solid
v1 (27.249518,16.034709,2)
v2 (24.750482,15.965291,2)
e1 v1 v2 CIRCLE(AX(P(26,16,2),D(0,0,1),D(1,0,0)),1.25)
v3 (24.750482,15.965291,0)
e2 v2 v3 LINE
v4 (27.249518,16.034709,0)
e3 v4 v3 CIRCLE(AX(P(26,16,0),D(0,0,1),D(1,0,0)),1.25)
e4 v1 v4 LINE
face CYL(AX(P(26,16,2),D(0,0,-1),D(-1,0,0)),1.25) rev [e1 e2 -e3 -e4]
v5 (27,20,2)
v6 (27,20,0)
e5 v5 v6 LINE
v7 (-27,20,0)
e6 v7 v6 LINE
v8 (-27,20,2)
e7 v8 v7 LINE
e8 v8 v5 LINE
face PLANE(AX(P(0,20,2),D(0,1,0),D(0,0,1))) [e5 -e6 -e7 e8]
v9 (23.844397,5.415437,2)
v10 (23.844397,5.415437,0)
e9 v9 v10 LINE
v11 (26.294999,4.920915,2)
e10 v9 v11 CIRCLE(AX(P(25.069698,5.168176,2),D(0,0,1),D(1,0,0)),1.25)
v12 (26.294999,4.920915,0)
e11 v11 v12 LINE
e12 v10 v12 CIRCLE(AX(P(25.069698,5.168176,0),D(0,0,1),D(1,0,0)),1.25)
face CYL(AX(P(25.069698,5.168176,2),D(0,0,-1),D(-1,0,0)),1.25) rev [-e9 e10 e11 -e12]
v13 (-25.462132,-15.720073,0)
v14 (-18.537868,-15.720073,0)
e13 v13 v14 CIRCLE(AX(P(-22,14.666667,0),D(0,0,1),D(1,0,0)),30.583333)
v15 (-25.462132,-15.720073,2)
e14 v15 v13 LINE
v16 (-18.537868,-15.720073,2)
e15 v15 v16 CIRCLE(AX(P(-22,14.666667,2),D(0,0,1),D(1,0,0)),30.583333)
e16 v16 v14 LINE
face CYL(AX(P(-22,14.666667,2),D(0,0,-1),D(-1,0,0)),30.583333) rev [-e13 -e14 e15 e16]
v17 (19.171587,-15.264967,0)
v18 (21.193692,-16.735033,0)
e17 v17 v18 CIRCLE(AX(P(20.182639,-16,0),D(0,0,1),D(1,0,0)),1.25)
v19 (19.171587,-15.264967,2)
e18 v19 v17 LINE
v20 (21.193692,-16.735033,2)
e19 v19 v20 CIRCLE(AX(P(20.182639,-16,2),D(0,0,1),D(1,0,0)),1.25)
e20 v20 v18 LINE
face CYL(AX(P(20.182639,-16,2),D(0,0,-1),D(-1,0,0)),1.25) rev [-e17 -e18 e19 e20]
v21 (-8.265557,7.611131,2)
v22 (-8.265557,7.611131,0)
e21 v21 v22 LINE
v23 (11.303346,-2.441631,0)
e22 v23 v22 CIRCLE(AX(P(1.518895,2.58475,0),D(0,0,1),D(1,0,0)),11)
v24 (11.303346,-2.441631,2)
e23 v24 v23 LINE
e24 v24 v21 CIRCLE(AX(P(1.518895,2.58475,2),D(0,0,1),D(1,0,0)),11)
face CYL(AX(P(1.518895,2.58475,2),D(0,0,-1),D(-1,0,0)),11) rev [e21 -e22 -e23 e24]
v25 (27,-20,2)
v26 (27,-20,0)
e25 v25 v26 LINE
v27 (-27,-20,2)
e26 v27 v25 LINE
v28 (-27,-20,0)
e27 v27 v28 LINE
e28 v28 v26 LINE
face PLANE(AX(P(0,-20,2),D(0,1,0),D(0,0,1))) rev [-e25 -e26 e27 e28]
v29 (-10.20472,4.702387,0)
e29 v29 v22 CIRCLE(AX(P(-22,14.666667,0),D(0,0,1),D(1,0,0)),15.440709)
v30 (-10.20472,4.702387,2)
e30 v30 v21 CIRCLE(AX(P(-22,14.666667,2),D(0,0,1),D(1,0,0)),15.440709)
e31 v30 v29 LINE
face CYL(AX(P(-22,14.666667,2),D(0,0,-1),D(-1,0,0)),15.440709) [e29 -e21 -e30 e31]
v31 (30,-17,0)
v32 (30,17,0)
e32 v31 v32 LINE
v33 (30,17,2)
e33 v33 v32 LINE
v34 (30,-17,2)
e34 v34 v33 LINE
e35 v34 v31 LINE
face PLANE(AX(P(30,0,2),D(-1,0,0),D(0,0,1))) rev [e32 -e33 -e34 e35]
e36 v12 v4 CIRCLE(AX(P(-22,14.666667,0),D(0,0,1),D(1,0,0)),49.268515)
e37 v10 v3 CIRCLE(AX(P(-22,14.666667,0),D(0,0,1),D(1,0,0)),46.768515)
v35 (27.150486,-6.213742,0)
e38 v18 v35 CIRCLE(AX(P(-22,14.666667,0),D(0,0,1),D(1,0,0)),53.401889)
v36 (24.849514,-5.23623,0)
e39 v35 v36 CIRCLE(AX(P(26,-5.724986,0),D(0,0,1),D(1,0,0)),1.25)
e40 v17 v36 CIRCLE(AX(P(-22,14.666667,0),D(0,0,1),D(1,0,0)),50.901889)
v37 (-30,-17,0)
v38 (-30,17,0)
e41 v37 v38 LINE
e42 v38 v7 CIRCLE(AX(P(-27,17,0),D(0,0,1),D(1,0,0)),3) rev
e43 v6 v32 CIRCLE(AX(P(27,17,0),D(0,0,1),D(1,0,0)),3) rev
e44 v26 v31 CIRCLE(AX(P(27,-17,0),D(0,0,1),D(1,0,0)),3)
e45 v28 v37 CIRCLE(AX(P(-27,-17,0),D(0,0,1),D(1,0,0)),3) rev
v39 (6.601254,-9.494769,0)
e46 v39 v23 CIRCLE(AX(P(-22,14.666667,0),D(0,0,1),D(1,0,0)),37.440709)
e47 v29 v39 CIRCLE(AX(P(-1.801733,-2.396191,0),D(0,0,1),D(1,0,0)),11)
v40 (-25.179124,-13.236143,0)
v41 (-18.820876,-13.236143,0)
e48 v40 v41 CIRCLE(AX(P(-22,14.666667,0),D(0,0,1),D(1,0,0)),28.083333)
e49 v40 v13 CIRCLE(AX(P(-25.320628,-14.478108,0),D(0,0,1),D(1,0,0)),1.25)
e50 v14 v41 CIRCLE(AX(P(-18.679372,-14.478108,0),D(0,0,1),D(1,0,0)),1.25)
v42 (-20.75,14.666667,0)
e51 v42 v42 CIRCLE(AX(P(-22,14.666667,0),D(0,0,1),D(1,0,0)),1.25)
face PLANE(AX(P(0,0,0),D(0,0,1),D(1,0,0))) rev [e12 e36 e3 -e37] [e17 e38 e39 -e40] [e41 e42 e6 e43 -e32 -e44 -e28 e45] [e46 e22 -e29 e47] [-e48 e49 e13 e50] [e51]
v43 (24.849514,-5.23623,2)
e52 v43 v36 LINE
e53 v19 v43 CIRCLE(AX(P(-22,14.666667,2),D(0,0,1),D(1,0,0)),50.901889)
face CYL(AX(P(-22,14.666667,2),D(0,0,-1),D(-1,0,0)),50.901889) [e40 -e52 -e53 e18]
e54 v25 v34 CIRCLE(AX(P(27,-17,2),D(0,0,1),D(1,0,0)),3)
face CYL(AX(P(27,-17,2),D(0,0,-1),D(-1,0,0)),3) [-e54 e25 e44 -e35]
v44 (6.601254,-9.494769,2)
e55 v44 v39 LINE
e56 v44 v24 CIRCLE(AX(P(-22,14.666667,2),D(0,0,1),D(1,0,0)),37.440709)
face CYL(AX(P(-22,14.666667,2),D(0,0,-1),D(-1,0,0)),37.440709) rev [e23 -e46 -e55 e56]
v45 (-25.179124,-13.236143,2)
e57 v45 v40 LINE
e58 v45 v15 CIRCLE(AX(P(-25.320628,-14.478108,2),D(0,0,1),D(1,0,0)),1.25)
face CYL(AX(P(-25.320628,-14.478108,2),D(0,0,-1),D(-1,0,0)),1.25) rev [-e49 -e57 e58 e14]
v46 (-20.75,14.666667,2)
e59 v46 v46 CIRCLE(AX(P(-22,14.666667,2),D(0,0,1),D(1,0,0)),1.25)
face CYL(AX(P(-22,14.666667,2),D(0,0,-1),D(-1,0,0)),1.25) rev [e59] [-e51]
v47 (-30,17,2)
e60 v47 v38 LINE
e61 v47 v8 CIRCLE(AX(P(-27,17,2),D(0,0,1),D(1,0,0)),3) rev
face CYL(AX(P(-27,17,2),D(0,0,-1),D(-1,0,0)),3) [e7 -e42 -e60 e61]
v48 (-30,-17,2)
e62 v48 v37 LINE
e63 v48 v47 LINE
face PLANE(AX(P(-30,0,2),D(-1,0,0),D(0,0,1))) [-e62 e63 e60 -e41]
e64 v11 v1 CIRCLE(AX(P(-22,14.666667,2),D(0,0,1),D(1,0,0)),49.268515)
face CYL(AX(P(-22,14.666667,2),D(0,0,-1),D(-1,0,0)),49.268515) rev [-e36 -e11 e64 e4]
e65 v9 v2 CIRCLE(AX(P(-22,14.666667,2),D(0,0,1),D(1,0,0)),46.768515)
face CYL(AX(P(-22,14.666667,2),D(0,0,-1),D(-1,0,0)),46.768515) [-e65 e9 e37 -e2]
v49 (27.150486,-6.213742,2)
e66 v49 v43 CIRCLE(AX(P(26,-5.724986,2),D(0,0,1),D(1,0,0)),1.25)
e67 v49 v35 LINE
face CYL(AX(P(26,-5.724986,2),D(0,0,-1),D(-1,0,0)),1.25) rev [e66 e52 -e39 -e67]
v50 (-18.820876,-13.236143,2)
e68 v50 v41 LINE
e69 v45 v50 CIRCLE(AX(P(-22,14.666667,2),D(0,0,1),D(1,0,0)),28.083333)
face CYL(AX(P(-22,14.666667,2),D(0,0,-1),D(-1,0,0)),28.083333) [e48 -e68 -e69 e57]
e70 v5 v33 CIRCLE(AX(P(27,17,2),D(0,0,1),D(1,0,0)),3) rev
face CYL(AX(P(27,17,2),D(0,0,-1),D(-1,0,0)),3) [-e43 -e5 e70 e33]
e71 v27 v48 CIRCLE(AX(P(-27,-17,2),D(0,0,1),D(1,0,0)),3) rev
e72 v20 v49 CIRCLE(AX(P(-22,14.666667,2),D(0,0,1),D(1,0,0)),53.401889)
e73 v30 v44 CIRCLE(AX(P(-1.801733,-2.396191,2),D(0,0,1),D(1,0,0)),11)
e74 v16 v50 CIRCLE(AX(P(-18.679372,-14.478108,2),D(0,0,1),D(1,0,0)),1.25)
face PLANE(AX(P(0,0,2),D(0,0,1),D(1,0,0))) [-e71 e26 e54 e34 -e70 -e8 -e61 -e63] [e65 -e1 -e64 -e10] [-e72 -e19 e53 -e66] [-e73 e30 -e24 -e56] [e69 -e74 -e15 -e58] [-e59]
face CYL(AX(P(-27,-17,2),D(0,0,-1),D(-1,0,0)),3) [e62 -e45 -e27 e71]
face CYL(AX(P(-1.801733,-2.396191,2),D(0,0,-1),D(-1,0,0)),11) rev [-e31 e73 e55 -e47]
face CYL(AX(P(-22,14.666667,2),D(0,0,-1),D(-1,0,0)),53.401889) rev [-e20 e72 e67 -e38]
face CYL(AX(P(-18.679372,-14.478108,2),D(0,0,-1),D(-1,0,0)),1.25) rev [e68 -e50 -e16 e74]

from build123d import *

# Parameters (mm, degrees)
SZKIC1_R                    = 1.25
DODANIE_WYCI_GNI_CIE1_DEPTH = 2


with BuildPart() as part:
    # Szkic1 → Dodanie-wyciągnięcie1 (new body)
    with BuildSketch(Plane.XY):
        with BuildLine():
            Line((-27, -20), (27, -20))
            ThreePointArc((27, -20), (29.121320344, -19.121320344), (30, -17))
            Line((30, -17), (30, 17))
            ThreePointArc((30, 17), (29.121320344, 19.121320344), (27, 20))
            Line((27, 20), (-27, 20))
            ThreePointArc((-27, 20), (-29.121320344, 19.121320344), (-30, 17))
            Line((-30, 17), (-30, -17))
            ThreePointArc((-30, -17), (-29.121320344, -19.121320344), (-27, -20))
        make_face()
        with Locations((-22, 14.666666667)):
            Circle(SZKIC1_R, mode=Mode.SUBTRACT)
        with BuildLine():
            ThreePointArc((-25.462131621, -15.720072586), (-22, -15.916666667), (-18.537868379, -15.720072586))
            ThreePointArc((-18.537868379, -15.720072586), (-17.437407577, -14.336603749), (-18.820876413, -13.236142947))
            ThreePointArc((-18.820876413, -13.236142947), (-22, -13.416666667), (-25.179123587, -13.236142947))
            ThreePointArc((-25.179123587, -13.236142947), (-26.562592423, -14.336603749), (-25.462131621, -15.720072586))
        make_face(mode=Mode.SUBTRACT)
        with BuildLine():
            ThreePointArc((26.294998597, 4.920914996), (27.087801786, 10.450711145), (27.249518026, 16.034708834))
            ThreePointArc((27.249518026, 16.034708834), (25.965291166, 17.249518026), (24.750481974, 15.965291166))
            ThreePointArc((24.750481974, 15.965291166), (24.596971596, 10.664638616), (23.8443971, 5.415437293))
            ThreePointArc((23.8443971, 5.415437293), (24.8224367, 3.942875396), (26.294998597, 4.920914996))
        make_face(mode=Mode.SUBTRACT)
        with BuildLine():
            ThreePointArc((21.193691844, -16.735032503), (24.470809822, -11.643513117), (27.150485656, -6.213742466))
            ThreePointArc((27.150485656, -6.213742466), (26.488756334, -4.574500475), (24.849514344, -5.236229797))
            ThreePointArc((24.849514344, -5.236229797), (22.295287061, -10.411806693), (19.171586782, -15.264967497))
            ThreePointArc((19.171586782, -15.264967497), (19.44760681, -17.011052531), (21.193691844, -16.735032503))
        make_face(mode=Mode.SUBTRACT)
        with BuildLine():
            ThreePointArc((6.601254034, -9.49476923), (9.152553238, -6.101702158), (11.303346225, -2.441630943))
            ThreePointArc((11.303346225, -2.441630943), (6.545275723, 12.369201751), (-8.265556972, 7.611131249))
            ThreePointArc((-8.265556972, 7.611131249), (-9.152553238, 6.101702158), (-10.204719988, 4.702386724))
            ThreePointArc((-10.204719988, 4.702386724), (-8.900310954, -10.799178264), (6.601254034, -9.49476923))
        make_face(mode=Mode.SUBTRACT)
    extrude(amount=DODANIE_WYCI_GNI_CIE1_DEPTH)


solid = part.part
